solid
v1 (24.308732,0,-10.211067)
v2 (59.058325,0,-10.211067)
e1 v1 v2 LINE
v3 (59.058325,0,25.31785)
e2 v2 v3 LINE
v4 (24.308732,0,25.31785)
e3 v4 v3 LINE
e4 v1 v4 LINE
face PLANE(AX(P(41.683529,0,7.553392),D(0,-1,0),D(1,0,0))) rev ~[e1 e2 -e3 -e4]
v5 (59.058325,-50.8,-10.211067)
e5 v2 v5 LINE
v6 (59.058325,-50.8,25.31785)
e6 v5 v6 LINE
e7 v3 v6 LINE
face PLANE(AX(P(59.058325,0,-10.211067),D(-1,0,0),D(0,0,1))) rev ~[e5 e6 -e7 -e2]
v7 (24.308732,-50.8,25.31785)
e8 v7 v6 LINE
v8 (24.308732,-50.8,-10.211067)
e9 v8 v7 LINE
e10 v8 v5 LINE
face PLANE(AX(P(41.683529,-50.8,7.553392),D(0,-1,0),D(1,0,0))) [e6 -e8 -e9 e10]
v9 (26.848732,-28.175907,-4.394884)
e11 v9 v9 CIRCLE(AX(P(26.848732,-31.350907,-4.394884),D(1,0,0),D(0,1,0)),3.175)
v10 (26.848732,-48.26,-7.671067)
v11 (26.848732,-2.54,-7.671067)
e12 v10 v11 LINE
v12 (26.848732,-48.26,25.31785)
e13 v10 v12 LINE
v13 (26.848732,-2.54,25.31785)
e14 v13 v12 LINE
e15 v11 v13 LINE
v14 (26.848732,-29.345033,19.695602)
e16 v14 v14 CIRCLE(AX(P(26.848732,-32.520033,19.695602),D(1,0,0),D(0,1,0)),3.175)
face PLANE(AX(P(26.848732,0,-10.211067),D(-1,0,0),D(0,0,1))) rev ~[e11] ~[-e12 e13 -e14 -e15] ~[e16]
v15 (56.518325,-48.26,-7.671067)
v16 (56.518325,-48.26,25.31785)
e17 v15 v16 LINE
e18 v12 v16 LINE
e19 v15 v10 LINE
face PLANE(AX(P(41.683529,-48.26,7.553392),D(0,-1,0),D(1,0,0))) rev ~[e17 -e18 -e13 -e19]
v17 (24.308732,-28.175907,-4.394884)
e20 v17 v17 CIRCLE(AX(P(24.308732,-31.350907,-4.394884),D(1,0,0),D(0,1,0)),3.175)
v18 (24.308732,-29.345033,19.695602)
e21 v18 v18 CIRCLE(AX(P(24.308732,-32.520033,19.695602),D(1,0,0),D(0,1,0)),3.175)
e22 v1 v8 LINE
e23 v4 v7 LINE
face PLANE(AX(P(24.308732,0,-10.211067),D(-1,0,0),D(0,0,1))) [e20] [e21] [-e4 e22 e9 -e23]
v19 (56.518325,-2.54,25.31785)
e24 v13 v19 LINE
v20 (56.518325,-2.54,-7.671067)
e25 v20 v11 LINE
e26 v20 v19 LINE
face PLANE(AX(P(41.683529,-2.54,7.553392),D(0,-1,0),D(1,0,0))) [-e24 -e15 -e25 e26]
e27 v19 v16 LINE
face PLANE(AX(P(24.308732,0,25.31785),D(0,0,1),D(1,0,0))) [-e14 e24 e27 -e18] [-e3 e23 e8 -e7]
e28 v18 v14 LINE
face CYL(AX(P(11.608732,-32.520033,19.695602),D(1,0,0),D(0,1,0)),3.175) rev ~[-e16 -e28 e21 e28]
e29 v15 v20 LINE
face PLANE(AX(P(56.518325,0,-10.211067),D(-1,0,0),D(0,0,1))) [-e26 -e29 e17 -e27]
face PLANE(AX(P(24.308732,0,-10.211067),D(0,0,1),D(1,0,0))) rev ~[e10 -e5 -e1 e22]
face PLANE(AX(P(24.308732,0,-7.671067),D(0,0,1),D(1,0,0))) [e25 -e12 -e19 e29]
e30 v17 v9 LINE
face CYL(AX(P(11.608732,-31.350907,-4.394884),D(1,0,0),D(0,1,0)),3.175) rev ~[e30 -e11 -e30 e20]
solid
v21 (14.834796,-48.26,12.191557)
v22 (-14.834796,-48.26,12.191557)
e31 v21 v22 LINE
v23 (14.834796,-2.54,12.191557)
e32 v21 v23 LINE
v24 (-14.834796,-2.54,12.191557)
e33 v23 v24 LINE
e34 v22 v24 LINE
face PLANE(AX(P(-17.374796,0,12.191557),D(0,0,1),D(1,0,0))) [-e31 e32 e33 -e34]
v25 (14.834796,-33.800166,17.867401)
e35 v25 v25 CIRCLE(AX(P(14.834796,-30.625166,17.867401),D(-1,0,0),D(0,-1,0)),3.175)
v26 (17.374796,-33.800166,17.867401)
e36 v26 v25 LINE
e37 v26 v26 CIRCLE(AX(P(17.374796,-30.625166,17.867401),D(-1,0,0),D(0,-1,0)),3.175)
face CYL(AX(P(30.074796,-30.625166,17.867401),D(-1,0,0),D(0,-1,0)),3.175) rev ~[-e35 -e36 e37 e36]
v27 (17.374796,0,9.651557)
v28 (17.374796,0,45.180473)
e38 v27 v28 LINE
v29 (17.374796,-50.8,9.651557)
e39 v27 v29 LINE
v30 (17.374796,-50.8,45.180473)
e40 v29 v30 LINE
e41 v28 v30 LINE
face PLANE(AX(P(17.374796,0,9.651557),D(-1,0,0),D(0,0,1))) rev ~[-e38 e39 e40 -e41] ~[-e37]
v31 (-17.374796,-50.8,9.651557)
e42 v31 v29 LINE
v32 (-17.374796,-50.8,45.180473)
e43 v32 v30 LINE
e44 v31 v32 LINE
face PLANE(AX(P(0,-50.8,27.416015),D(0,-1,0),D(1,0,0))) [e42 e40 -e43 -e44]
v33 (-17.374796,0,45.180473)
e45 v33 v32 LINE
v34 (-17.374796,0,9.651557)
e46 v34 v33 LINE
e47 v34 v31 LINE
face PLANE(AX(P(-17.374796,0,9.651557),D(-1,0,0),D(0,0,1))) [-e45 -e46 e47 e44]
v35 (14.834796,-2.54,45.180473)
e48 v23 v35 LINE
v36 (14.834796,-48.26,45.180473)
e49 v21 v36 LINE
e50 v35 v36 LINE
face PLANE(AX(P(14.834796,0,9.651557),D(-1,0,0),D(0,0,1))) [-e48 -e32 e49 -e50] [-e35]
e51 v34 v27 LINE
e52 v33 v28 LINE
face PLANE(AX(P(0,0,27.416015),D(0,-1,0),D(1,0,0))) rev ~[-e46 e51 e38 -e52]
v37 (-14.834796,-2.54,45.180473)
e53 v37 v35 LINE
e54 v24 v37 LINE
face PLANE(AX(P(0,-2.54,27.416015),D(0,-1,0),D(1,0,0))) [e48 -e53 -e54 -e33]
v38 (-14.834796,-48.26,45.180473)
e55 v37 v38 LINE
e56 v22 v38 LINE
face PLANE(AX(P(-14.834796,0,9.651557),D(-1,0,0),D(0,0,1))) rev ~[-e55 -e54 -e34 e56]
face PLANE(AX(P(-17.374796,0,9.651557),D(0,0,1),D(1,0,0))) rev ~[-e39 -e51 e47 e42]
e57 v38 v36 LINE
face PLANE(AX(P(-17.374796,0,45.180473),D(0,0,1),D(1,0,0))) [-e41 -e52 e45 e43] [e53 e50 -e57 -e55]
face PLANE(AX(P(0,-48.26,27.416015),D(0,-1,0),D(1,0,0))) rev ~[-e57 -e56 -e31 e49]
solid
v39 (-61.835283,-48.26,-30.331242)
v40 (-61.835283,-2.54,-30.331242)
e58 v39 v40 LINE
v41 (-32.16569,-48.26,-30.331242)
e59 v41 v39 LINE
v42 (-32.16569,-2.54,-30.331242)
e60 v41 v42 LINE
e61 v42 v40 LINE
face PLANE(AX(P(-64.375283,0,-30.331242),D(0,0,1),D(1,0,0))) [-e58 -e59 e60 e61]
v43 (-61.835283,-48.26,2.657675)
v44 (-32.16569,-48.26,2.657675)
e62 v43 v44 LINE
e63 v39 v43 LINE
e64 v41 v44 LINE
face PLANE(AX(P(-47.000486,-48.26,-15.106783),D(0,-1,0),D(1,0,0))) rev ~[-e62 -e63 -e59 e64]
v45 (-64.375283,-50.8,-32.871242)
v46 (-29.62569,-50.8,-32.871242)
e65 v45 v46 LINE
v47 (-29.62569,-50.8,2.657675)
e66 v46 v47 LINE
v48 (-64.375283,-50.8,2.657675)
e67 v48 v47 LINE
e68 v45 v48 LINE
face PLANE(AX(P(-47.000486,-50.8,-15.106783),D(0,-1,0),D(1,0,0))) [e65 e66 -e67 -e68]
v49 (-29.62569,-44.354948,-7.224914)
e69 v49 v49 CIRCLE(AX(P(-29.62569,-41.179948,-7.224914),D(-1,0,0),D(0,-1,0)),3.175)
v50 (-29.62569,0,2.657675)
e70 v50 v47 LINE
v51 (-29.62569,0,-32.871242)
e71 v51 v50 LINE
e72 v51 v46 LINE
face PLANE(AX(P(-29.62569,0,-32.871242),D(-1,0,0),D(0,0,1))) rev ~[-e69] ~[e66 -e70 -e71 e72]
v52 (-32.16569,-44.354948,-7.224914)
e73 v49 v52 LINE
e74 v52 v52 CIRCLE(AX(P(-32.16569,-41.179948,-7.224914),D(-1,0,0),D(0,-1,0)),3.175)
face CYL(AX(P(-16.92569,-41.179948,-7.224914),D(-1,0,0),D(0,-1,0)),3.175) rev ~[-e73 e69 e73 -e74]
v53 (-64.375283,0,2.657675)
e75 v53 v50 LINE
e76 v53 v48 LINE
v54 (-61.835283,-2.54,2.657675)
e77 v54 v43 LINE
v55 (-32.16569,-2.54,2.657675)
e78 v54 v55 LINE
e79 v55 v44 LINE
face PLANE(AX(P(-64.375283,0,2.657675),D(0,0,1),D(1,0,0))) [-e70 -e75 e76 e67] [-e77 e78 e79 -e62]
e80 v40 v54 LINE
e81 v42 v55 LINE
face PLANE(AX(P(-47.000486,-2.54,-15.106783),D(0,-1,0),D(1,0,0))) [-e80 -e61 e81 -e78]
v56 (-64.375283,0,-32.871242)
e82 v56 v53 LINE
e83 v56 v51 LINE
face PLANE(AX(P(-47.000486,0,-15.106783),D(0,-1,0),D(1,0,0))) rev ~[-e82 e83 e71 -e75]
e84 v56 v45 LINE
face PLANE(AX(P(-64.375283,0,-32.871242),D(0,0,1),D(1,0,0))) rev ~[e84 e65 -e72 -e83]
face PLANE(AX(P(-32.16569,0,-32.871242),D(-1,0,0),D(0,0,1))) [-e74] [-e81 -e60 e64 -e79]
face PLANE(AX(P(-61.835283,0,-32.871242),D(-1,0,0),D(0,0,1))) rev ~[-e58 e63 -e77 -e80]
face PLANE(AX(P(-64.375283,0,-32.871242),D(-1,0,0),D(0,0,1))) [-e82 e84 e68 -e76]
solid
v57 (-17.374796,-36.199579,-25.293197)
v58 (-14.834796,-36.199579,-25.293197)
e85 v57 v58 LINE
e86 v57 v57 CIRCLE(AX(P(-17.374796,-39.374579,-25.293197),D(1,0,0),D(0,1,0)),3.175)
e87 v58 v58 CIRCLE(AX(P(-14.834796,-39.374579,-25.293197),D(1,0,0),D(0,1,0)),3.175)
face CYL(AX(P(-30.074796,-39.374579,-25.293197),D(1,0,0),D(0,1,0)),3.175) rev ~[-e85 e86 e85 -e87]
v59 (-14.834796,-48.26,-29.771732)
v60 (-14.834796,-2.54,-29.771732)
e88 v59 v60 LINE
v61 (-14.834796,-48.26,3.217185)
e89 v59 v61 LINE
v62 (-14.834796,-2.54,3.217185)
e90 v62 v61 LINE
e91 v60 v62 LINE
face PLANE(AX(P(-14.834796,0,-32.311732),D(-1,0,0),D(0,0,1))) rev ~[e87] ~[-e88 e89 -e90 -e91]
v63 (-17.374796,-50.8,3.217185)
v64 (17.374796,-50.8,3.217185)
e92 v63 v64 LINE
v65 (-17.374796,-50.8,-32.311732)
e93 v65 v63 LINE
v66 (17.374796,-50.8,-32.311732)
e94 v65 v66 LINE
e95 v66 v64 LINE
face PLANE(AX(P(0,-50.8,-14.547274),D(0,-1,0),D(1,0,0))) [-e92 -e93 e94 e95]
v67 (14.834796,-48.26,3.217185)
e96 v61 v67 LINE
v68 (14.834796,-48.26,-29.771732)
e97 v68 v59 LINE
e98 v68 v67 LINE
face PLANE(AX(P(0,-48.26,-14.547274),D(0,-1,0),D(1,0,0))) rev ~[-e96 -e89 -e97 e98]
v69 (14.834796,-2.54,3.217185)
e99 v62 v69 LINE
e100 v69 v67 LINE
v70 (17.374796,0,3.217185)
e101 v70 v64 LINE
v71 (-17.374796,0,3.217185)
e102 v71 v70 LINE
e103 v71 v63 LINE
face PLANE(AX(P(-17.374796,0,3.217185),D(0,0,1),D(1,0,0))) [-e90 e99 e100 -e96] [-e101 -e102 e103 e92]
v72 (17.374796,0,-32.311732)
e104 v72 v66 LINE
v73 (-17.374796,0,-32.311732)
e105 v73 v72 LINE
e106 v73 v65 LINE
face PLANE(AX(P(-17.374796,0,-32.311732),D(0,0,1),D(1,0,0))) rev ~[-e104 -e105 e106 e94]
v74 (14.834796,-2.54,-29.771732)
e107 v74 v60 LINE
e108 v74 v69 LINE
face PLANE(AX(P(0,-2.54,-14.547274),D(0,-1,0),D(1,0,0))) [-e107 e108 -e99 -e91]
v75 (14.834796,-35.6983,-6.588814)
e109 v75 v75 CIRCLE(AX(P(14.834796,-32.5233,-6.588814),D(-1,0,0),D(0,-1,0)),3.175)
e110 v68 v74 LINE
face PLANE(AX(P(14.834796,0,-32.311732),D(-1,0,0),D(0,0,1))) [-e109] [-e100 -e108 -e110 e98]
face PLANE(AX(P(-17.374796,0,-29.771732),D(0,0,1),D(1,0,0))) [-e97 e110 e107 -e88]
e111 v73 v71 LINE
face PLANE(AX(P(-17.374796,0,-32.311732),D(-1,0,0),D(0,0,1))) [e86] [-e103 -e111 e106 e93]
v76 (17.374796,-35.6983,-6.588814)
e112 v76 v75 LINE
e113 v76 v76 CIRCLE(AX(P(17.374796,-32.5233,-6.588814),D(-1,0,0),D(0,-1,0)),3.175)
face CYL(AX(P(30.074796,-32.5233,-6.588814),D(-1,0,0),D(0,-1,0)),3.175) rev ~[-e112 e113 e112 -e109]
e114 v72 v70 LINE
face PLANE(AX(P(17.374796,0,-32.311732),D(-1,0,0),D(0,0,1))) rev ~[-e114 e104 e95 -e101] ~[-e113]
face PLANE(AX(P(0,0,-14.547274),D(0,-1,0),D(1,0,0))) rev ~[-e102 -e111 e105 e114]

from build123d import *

# Parameters (mm, degrees)
F0_W      = 34.7495928857
F0_H      = 35.5289168656
F4_DEPTH  = 50.8
F1_W      = 34.7495928857
F1_H      = 35.5289168656
F2_W      = 34.7495928857
F2_H      = 35.5289168656
F3_W      = 34.7495928857
F3_H      = 35.5289168656
F5_T      = -2.54
F5_2_T    = -2.54
F5_3_T    = -2.54
F5_4_T    = -2.54
F7_D      = 6.35
F7_DEPTH  = 12.7
F7_TIP    = 1.9077324654
F9_D      = 6.35
F9_DEPTH  = 12.7
F9_TIP    = 1.9077324654
F11_D     = 6.35
F11_DEPTH = 12.7
F11_TIP   = 1.9077324654
F13_D     = 6.35
F13_DEPTH = 12.7
F13_TIP   = 1.9077324654
F15_D     = 6.35
F15_DEPTH = 12.7
F15_TIP   = 1.9077324654
F17_D     = 6.35
F17_DEPTH = 12.7
F17_TIP   = 1.9077324654


with BuildPart() as f4:
    # F0 (on Front) → F4 (new body)
    with BuildSketch(Plane.XZ):
        with Locations((0, 27.4160150439)):
            Rectangle(F0_W, F0_H)
    extrude(amount=F4_DEPTH)

    # F5#3
    f5_3_openings = [f4.faces().sort_by_distance(p)[0] for p in [
        (0, -25.4, 45.180473),
    ]]
    offset(amount=F5_3_T, openings=f5_3_openings)

    # F7
    with Locations(Plane.YZ.offset(17.3747964428)):
        with Locations((-30.6251663715, 17.8674012423)):
            Hole(F7_D / 2, depth=F7_DEPTH)
            with Locations((0, 0, -(F7_DEPTH + F7_TIP / 2))):  # 118° drill point
                Cone(0, F7_D / 2, F7_TIP, mode=Mode.SUBTRACT)


with BuildPart() as f4b:
    # F1 (on Front) → F4, piece 2 (new body)
    with BuildSketch(Plane.XZ):
        with Locations((41.6835285723, 7.5533916242)):
            Rectangle(F1_W, F1_H)
    extrude(amount=F4_DEPTH)

    # F5#4
    f5_4_openings = [f4b.faces().sort_by_distance(p)[0] for p in [
        (41.683529, -25.4, 25.31785),
    ]]
    offset(amount=F5_4_T, openings=f5_4_openings)

    # F9
    with Locations(Plane(origin=(24.3087321295, 0, 0), x_dir=(0, -1, 0), z_dir=(-1, 0, 0))):
        with Locations((32.5200334191, 19.6956023574)):
            Hole(F9_D / 2, depth=F9_DEPTH)
            with Locations((0, 0, -(F9_DEPTH + F9_TIP / 2))):  # 118° drill point
                Cone(0, F9_D / 2, F9_TIP, mode=Mode.SUBTRACT)

    # F11
    with Locations(Plane(origin=(24.3087321295, 0, 0), x_dir=(0, -1, 0), z_dir=(-1, 0, 0))):
        with Locations((31.3509069383, -4.3948837556)):
            Hole(F11_D / 2, depth=F11_DEPTH)
            with Locations((0, 0, -(F11_DEPTH + F11_TIP / 2))):  # 118° drill point
                Cone(0, F11_D / 2, F11_TIP, mode=Mode.SUBTRACT)


with BuildPart() as f4c:
    # F2 (on Front) → F4, piece 3 (new body)
    with BuildSketch(Plane.XZ):
        with Locations((0, -14.5472735167)):
            Rectangle(F2_W, F2_H)
    extrude(amount=F4_DEPTH)

    # F5#2
    f5_2_openings = [f4c.faces().sort_by_distance(p)[0] for p in [
        (0, -25.4, 3.217185),
    ]]
    offset(amount=F5_2_T, openings=f5_2_openings)

    # F13
    with Locations(Plane.YZ.offset(17.3747964428)):
        with Locations((-32.5233004987, -6.5888143145)):
            Hole(F13_D / 2, depth=F13_DEPTH)
            with Locations((0, 0, -(F13_DEPTH + F13_TIP / 2))):  # 118° drill point
                Cone(0, F13_D / 2, F13_TIP, mode=Mode.SUBTRACT)

    # F15
    with Locations(Plane(origin=(-17.3747964428, 0, 0), x_dir=(0, -1, 0), z_dir=(-1, 0, 0))):
        with Locations((39.3745787442, -25.2931974828)):
            Hole(F15_D / 2, depth=F15_DEPTH)
            with Locations((0, 0, -(F15_DEPTH + F15_TIP / 2))):  # 118° drill point
                Cone(0, F15_D / 2, F15_TIP, mode=Mode.SUBTRACT)


with BuildPart() as f4d:
    # F3 (on Front) → F4, piece 4 (new body)
    with BuildSketch(Plane.XZ):
        with Locations((-47.0004864037, -15.1067832485)):
            Rectangle(F3_W, F3_H)
    extrude(amount=F4_DEPTH)

    # F5
    f5_openings = [f4d.faces().sort_by_distance(p)[0] for p in [
        (-47.000486, -25.4, 2.657675),
    ]]
    offset(amount=F5_T, openings=f5_openings)

    # F17
    with Locations(Plane.YZ.offset(-29.6256899609)):
        with Locations((-41.1799475551, -7.2249141522)):
            Hole(F17_D / 2, depth=F17_DEPTH)
            with Locations((0, 0, -(F17_DEPTH + F17_TIP / 2))):  # 118° drill point
                Cone(0, F17_D / 2, F17_TIP, mode=Mode.SUBTRACT)


solid = Compound([f4.part, f4b.part, f4c.part, f4d.part])
